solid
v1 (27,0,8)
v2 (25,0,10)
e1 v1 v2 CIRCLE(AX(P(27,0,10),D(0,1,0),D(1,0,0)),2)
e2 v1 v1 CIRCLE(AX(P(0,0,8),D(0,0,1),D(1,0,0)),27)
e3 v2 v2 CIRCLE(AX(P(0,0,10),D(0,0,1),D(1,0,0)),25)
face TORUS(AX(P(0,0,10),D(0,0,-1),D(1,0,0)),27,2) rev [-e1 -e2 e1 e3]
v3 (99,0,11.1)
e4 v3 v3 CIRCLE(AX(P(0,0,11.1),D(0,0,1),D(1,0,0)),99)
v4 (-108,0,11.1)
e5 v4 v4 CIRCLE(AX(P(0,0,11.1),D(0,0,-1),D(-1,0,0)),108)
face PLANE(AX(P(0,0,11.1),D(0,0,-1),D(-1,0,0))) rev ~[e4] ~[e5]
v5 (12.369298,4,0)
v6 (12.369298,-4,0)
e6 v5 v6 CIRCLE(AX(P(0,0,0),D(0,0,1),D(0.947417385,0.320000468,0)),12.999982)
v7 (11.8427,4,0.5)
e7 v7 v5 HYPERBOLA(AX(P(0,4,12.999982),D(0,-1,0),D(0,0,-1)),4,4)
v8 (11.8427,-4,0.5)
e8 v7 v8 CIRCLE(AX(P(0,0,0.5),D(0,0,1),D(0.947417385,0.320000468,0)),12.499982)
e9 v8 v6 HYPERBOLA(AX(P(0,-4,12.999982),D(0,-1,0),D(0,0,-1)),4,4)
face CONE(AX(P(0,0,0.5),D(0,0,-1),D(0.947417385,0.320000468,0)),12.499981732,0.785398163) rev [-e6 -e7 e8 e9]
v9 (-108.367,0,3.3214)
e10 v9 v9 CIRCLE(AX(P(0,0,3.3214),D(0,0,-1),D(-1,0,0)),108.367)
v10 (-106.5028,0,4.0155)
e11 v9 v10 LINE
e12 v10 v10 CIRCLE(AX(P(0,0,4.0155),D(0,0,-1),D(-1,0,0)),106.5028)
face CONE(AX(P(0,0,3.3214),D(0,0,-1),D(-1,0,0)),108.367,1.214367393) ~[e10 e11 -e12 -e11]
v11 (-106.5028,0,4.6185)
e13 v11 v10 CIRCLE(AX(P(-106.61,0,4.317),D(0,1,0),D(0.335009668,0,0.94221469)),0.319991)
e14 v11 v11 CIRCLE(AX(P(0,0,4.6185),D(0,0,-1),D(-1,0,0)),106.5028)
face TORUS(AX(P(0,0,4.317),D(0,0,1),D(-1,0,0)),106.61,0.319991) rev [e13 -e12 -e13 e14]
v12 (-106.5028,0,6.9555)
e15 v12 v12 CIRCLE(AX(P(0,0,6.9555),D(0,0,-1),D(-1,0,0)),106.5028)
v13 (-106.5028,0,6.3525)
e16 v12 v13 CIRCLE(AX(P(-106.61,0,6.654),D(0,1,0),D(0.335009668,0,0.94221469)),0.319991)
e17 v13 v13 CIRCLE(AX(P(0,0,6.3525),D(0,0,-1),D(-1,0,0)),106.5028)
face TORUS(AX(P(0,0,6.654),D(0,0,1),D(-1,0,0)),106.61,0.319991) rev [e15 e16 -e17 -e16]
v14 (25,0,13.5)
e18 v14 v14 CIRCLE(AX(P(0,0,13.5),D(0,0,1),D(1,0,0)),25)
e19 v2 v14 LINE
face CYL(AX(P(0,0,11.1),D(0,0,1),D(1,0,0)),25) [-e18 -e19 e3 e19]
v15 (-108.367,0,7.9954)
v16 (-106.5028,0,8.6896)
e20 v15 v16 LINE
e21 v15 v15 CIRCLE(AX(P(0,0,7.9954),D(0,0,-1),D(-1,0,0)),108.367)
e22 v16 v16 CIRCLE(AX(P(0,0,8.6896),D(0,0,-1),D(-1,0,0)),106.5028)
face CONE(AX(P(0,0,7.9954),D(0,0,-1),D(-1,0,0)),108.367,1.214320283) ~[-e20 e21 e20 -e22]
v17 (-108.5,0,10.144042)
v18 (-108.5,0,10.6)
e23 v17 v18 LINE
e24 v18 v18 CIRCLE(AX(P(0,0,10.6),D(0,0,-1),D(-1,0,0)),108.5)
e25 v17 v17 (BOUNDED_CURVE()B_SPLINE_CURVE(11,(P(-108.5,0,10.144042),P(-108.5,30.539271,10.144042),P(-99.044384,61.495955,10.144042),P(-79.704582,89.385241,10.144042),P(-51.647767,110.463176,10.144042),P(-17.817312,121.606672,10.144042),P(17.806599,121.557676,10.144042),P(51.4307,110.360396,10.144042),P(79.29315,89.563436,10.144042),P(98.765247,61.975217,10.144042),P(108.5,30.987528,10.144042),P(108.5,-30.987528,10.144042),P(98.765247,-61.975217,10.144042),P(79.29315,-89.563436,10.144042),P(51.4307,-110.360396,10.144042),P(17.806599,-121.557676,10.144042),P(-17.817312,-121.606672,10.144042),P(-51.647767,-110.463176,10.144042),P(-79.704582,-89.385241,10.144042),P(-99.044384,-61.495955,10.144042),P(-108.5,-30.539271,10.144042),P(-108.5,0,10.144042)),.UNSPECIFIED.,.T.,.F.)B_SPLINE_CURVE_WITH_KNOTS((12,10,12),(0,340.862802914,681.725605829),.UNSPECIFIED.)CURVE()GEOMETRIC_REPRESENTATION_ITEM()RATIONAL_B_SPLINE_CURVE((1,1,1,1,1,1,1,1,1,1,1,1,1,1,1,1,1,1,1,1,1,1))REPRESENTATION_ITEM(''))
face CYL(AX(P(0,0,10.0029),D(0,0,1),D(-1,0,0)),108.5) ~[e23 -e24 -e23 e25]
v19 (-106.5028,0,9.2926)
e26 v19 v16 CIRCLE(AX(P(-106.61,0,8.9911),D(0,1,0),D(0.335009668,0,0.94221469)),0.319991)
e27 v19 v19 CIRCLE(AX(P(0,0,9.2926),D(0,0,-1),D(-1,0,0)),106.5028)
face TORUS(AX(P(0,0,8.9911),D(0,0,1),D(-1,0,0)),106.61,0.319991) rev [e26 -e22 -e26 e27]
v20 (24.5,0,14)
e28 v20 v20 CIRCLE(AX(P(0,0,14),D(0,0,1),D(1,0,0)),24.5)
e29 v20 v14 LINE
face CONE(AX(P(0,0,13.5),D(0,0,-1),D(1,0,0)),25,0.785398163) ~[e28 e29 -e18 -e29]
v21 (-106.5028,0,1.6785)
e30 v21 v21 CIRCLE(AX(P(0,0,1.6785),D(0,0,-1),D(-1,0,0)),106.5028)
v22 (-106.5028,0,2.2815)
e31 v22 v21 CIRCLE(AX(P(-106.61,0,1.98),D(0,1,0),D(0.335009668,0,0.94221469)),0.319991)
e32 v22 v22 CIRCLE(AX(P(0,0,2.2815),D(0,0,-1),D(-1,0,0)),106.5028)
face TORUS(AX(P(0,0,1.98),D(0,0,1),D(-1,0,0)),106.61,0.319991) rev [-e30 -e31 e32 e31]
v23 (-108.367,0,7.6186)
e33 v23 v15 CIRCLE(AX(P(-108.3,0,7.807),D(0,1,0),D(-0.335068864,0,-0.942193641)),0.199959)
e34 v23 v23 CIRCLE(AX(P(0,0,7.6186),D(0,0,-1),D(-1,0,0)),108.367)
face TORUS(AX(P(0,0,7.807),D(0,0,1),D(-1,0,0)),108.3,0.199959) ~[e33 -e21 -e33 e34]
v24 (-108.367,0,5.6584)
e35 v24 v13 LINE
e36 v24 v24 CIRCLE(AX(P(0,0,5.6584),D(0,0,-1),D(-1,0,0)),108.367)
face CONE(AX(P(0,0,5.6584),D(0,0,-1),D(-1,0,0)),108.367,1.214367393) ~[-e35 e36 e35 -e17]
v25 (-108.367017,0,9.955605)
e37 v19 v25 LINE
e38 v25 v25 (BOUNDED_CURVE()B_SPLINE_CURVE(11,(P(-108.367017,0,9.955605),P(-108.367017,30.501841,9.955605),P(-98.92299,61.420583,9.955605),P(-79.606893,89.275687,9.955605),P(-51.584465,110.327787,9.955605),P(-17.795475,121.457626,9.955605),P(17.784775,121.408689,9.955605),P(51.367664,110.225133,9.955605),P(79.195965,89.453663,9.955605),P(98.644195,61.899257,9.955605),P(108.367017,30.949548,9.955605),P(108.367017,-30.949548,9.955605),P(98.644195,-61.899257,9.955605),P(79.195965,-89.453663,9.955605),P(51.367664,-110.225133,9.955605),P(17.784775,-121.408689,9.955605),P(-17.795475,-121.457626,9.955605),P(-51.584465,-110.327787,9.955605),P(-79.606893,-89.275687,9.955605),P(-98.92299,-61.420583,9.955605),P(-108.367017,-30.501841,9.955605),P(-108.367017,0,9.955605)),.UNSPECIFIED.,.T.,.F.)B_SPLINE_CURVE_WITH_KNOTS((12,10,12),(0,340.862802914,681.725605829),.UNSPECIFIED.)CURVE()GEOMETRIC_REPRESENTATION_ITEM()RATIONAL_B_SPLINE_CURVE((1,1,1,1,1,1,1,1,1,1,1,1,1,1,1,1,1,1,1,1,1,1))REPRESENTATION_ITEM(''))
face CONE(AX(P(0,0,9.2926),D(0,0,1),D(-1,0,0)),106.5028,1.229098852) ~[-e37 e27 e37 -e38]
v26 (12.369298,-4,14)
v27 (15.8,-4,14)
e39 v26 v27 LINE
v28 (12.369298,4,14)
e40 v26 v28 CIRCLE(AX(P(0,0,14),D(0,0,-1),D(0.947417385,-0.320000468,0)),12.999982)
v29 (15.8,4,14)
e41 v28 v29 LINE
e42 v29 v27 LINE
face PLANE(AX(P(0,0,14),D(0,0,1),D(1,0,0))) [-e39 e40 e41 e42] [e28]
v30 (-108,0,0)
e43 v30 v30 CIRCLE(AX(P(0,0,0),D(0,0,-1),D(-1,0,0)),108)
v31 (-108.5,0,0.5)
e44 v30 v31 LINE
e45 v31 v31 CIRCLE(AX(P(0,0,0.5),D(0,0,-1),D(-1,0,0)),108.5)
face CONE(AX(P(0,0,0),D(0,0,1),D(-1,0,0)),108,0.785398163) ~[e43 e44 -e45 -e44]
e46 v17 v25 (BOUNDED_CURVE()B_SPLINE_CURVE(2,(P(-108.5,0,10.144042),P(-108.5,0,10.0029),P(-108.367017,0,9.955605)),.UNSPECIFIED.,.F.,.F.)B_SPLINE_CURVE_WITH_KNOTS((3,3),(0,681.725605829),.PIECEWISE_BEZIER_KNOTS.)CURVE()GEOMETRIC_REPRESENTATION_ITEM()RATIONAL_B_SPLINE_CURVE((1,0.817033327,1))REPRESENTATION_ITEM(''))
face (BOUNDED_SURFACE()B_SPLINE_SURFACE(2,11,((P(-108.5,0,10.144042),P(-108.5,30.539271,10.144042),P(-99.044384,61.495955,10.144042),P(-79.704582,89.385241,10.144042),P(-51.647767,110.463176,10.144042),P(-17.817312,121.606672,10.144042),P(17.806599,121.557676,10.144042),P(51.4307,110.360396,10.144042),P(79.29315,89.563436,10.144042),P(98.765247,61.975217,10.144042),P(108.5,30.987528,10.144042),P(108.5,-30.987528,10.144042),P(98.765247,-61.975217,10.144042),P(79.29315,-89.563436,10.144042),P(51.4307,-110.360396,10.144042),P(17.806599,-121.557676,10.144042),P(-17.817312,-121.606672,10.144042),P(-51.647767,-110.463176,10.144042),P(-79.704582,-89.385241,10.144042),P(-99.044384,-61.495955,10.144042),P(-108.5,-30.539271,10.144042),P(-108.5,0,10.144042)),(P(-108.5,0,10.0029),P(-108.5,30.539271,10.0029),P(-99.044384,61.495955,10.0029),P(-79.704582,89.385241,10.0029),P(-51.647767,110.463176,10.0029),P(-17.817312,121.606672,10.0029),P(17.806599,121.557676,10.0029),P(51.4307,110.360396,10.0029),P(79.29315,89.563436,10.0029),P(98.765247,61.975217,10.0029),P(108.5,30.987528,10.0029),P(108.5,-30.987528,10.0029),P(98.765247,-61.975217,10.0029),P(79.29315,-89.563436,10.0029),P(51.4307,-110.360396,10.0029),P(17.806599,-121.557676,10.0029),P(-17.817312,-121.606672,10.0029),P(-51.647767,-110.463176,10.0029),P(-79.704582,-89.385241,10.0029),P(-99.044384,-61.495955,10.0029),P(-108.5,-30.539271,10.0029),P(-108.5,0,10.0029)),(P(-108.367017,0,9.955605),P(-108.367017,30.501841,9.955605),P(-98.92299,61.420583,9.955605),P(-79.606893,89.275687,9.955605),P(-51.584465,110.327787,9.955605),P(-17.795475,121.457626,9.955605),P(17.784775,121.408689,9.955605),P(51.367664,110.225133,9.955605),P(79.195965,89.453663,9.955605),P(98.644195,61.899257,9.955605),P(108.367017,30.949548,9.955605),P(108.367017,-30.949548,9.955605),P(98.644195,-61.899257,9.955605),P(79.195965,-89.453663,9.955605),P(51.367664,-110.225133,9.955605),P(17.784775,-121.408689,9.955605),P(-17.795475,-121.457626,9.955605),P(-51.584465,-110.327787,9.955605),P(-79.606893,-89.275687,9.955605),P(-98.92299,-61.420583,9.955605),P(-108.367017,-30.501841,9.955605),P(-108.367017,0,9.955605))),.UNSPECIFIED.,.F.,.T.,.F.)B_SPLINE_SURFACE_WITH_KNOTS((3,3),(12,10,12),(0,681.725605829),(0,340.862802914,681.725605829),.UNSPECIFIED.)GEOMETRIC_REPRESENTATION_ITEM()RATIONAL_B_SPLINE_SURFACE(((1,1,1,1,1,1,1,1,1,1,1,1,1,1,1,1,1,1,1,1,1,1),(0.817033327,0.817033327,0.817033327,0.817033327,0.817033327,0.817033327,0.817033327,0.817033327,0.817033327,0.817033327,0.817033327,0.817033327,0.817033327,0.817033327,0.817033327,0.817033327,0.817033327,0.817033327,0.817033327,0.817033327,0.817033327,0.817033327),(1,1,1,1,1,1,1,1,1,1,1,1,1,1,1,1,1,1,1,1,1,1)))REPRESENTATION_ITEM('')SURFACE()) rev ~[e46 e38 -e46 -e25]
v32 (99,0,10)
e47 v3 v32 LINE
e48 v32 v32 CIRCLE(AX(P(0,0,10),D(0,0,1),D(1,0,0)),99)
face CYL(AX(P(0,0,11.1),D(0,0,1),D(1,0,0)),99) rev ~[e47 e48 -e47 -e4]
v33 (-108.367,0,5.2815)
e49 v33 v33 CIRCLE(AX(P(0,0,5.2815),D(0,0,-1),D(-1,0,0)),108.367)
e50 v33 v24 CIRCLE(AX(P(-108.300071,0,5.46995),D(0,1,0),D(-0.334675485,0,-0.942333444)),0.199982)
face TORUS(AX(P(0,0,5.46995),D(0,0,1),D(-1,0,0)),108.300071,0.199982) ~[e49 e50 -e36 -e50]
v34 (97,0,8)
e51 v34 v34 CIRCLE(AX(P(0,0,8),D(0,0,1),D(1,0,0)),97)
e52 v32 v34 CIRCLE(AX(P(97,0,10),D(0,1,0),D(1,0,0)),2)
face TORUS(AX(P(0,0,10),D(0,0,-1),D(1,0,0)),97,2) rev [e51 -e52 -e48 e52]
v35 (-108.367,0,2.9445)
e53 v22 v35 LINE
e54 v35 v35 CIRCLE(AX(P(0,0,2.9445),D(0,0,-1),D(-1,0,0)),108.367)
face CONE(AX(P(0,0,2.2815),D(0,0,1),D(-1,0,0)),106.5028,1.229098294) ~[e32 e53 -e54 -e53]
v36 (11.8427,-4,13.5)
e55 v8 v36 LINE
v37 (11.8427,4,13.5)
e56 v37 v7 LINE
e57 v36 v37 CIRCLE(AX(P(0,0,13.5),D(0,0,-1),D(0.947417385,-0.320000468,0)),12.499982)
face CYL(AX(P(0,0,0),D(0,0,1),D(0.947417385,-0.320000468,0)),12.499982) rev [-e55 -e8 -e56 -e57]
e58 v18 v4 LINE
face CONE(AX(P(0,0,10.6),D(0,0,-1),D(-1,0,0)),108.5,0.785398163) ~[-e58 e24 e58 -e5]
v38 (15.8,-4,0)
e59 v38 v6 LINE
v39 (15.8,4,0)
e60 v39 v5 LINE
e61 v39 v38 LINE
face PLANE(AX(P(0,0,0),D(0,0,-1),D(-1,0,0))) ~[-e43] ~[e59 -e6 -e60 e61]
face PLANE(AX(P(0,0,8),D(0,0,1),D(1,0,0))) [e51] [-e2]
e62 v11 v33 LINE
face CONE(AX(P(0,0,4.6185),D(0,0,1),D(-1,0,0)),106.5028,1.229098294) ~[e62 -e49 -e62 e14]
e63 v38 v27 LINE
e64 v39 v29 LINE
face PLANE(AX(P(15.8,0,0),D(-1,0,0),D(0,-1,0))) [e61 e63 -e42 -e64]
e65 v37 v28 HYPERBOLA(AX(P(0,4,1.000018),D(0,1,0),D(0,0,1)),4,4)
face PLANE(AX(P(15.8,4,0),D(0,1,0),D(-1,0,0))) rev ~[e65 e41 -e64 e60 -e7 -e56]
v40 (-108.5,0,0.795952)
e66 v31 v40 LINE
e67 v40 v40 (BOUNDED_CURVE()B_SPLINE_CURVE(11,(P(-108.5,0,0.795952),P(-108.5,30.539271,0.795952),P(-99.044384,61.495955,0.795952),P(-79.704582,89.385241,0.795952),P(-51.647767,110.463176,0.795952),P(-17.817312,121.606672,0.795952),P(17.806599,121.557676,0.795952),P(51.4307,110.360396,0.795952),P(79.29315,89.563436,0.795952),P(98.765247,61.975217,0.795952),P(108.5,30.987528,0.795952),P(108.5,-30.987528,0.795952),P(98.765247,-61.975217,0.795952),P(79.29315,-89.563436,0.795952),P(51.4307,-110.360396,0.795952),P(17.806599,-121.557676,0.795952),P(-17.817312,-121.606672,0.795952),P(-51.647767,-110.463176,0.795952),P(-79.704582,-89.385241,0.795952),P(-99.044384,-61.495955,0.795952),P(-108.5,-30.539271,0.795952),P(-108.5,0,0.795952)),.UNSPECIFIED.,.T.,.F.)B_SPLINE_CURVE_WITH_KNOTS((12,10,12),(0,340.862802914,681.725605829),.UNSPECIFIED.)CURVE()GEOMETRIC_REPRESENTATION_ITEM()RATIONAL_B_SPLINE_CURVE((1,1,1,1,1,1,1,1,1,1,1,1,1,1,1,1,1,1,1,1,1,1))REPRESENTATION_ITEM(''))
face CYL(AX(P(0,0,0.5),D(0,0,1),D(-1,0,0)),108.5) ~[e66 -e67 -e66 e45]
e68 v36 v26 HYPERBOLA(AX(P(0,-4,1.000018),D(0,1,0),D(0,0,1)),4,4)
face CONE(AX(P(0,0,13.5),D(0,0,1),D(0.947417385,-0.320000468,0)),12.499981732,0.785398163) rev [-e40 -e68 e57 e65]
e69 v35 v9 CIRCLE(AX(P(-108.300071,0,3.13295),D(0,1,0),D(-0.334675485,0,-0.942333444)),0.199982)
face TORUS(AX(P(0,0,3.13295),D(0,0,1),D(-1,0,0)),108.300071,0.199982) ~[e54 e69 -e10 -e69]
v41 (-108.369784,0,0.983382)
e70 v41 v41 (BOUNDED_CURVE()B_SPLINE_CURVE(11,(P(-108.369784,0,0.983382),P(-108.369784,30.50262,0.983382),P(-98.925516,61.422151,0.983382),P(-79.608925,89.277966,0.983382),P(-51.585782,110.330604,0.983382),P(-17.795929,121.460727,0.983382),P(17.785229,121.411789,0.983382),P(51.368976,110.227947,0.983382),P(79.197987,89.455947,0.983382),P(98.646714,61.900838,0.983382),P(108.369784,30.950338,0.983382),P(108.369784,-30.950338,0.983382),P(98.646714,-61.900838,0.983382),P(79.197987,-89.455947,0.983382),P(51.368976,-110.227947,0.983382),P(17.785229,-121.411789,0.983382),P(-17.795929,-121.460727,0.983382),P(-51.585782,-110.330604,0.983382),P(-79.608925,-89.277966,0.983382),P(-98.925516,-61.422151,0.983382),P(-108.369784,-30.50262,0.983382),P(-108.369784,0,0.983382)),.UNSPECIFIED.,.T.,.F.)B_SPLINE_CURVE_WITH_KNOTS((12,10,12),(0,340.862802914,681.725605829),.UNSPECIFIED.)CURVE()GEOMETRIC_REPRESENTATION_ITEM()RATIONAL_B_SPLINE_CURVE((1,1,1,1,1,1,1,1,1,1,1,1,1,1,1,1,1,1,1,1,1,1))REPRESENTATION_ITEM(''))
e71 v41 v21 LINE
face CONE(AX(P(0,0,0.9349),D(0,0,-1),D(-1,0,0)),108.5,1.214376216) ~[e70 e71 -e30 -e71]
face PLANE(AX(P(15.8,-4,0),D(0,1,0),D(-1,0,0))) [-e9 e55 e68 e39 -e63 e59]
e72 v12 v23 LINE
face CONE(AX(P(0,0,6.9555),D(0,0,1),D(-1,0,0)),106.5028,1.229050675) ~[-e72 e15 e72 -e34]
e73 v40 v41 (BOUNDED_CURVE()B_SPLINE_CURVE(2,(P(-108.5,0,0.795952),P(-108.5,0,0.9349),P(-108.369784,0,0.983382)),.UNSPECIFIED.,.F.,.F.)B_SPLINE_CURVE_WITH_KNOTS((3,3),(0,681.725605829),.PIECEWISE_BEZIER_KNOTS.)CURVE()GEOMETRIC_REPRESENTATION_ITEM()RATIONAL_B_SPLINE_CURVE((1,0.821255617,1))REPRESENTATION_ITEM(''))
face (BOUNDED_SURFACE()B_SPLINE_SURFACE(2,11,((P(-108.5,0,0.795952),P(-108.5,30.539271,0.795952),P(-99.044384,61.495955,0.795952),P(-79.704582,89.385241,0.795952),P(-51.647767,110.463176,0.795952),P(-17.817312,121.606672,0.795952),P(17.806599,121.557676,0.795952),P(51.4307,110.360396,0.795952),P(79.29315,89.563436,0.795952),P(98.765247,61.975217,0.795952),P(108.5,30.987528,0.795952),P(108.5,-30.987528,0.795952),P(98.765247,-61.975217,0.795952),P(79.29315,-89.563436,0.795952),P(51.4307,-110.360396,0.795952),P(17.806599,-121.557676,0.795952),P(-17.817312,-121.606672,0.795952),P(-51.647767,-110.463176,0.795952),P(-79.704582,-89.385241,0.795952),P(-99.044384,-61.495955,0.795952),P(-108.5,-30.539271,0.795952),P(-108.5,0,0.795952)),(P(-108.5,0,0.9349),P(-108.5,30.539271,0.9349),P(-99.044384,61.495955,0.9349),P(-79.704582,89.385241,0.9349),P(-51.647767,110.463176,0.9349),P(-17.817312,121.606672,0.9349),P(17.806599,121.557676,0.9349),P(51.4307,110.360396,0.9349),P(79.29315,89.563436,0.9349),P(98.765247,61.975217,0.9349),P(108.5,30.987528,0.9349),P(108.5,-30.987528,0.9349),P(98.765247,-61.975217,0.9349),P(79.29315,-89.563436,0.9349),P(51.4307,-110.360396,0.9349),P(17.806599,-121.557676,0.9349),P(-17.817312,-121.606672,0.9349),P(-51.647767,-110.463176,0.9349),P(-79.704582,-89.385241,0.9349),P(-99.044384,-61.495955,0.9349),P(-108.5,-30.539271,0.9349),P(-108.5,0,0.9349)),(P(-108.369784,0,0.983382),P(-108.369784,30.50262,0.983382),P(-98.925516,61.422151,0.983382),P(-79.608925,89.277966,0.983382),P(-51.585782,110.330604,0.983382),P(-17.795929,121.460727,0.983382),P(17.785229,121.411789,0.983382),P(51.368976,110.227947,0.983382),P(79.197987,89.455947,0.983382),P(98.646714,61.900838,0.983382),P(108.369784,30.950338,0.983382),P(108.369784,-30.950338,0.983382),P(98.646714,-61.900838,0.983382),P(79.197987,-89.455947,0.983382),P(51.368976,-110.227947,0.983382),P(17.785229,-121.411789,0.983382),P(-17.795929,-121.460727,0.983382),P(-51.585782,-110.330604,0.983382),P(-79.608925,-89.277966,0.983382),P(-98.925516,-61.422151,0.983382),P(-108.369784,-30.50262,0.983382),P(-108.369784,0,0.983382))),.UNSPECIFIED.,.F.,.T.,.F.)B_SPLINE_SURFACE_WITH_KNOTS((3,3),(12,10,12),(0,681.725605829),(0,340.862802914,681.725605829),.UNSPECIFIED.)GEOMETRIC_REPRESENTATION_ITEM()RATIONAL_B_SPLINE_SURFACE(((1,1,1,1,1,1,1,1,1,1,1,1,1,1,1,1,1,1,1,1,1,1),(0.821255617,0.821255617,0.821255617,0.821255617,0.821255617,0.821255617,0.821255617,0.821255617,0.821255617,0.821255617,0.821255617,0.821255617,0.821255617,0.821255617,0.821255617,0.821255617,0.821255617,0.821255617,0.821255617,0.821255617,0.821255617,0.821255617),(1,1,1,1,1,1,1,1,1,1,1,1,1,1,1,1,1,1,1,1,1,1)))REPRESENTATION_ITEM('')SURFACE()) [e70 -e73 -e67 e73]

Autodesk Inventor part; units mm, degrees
ref_plane "YZ Plane" through (0, 0, 0) normal (1, 0, 0) x (0, 1, 0)
ref_plane "XZ Plane" through (0, 0, 0) normal (0, 1, 0) x (-1, 0, 0)
ref_plane "XY Plane" through (0, 0, 0) normal (0, 0, 1) x (1, 0, 0)
sketch "Sketch1" plane through (0, 0, 0) normal (0, 1, 0) x (-1, 0, 0)
  line L0 (0, 11.1) -> (0, 0)
  line L1 (108.5, 10.6) -> (108, 11.1)
  line L2 (108.5, 10.0029) -> (108.5, 10.6)
  line L3 (106.5028, 9.2926) -> (108.5, 10.0029)
  line L4 (108.367, 7.9954) -> (106.5028, 8.6896)
  line L5 (106.5028, 6.9555) -> (108.367, 7.6186)
  line L6 (108.367, 5.6584) -> (106.5028, 6.3525)
  line L7 (106.5028, 4.6185) -> (108.367, 5.2815)
  line L8 (108.367, 3.3214) -> (106.5028, 4.0155)
  line L9 (106.5028, 2.2815) -> (108.367, 2.9445)
  line L10 (108.5, 0.9349) -> (106.5028, 1.6785)
  line L11 (108.5, 0.5) -> (108.5, 0.9349)
  line L12 (108, 0) -> (108.5, 0.5)
  line L13 (0, 0) -> (108, 0)
  line L14 (0, 11.1) -> (0, 0)
  line L15 (108, 11.1) -> (0, 11.1)
  arc A0 (106.5028, 9.2926) -> (106.5028, 8.6896) centre (106.61, 8.9911) ccw
  arc A1 (108.367, 7.6186) -> (108.367, 7.9954) centre (108.3, 7.807) ccw
  arc A2 (106.5028, 6.9555) -> (106.5028, 6.3525) centre (106.61, 6.654) ccw
  arc A3 (108.367, 5.2815) -> (108.367, 5.6584) centre (108.3, 5.47) ccw
  arc A4 (106.5028, 4.6185) -> (106.5028, 4.0155) centre (106.61, 4.317) ccw
  arc A5 (108.367, 2.9445) -> (108.367, 3.3214) centre (108.3, 3.133) ccw
  arc A6 (106.5028, 2.2815) -> (106.5028, 1.6785) centre (106.61, 1.98) ccw
  point P0 (108.5, 0.7174)
  point P1 (108.5, 10.3014)
  dimension "d0" = 0
  dimension "d1" = 11.1
  dimension "d2" = 108
  dimension "d3" = 0.7071
  dimension "d4" = 135
  dimension "d6" = 40
  dimension "d7" = 40
  dimension "d8" = 40
  dimension "d9" = 40
  dimension "d10" = 0.4349
  dimension "d11" = 135
  dimension "d12" = 135
  dimension "d13" = 135
  dimension "d14" = 108
  dimension "d15" = 108.5
  dimension "d16" = 2.109
  dimension "d17" = 3.293
  dimension "d18" = 4.446
  dimension "d19" = 5.63
  dimension "d20" = 6.783
  dimension "d21" = 7.967
  dimension "d22" = 9.12
  dimension "d23" = 1.89
  dimension "d24" = 0.2
  dimension "d25" = 1.89
  dimension "d26" = 0.2
  dimension "d27" = 0.2
  dimension "d28" = 1.89
  dimension "d29" = 0.2
  dimension "d30" = 1.89
  dimension "d31" = 0.32
  dimension "d32" = 0.2
  dimension "d33" = 0.32
  dimension "d34" = 0.2
  dimension "d35" = 0.32
  dimension "d36" = 0.2
  dimension "d37" = 0.32
revolve "Revolution1" add sketch "Sketch1" angle 360 about axis through (0, 0, 11.1) along (0, 0, -1)
sketch "Sketch2" plane through (0, 0, 11.1) normal (0, 0, 1) x (1, 0, 0)
  circle A0 centre (0, 0) radius 99
  circle A1 centre (0, 0) radius 25
  dimension "d39" = 198
  dimension "d40" = 50
extrude "Extrusion1" cut sketch "Sketch2" against normal blind 3.1
fillet "Fillet1" radius 2 2 edges at (-99, 0, 8) (-25, 0, 8)
sketch "Sketch3" plane through (0, 0, 0) normal (0, 0, -1) x (-1, 0, 0)
  arc A0 (-11.8427, -4) -> (-11.8427, 4) centre (0, 0) ccw
  line L0 (-12.5, 0) -> (-15.8, 0) construction
  line L1 (-15.8, 0) -> (-15.8, 4)
  line L2 (-15.8, 4) -> (-11.8427, 4)
  circle A1 centre (0, 0) radius 27 projected
  line L3 (-15.8, 0) -> (-15.8, -4)
  line L4 (-15.8, -4) -> (-11.8427, -4)
  point P0 (-8.0562, 4)
  point P1 (-8.0562, -4)
  point P2 (-13.8214, 4)
  dimension "d44" = 25
  dimension "d45" = 4
  dimension "d46" = 15.8
  dimension "d47" = 8
  dimension "d48" = 3.9573
extrude "Extrusion2" cut sketch "Sketch3" along normal mid plane 100 contours L4 L3 L1 L2 A0
chamfer "Chamfer2" distance 0.5 angle 45 1 edges at (-12.5, 0, 0) measured on face at (-56.0076, -51.3382, 0)
fillet "Fillet2" radius 0.2 2 edges at (108.5, 0, 10.0029) (108.5, 0, 0.9349)
sketch "Sketch5" plane through (0, 0, 11.1) normal (0, 0, 1) x (1, 0, 0)
  circle A0 centre (0, 0) radius 25
  arc A1 (11.8427, 4) -> (11.8427, -4) centre (0, 0) ccw
  line L0 (15.8, -4) -> (11.8427, -4)
  line L1 (15.8, -4) -> (15.8, 4)
  line L2 (15.8, 4) -> (11.8427, 4)
extrude "Extrusion3" add sketch "Sketch5" along normal blind 2.9 contours A0 | L2 L1 L0 A1
sketch "Sketch6" plane through (0, 0, 11.1) normal (0, 0, -1) x (-1, 0, 0)
  arc A0 (-11.8427, -4) -> (-11.8427, 4) centre (0, 0) ccw
  line L0 (-15.8, -4) -> (-11.8427, -4)
  line L1 (-15.8, -4) -> (-15.8, 4) projected
  line L2 (-15.8, 4) -> (-11.8427, 4)
  line L3 (-15.8, 4) -> (-15.8, -4)
extrude "Extrusion4" cut sketch "Sketch6" against normal blind 100
chamfer "Chamfer3" distance 0.5 angle 45 2 edges at (-12.5, 0, 14) (-25, 0, 14) measured on face at (17.123, -11.6492, 14)
properties part number "29-10-203"
